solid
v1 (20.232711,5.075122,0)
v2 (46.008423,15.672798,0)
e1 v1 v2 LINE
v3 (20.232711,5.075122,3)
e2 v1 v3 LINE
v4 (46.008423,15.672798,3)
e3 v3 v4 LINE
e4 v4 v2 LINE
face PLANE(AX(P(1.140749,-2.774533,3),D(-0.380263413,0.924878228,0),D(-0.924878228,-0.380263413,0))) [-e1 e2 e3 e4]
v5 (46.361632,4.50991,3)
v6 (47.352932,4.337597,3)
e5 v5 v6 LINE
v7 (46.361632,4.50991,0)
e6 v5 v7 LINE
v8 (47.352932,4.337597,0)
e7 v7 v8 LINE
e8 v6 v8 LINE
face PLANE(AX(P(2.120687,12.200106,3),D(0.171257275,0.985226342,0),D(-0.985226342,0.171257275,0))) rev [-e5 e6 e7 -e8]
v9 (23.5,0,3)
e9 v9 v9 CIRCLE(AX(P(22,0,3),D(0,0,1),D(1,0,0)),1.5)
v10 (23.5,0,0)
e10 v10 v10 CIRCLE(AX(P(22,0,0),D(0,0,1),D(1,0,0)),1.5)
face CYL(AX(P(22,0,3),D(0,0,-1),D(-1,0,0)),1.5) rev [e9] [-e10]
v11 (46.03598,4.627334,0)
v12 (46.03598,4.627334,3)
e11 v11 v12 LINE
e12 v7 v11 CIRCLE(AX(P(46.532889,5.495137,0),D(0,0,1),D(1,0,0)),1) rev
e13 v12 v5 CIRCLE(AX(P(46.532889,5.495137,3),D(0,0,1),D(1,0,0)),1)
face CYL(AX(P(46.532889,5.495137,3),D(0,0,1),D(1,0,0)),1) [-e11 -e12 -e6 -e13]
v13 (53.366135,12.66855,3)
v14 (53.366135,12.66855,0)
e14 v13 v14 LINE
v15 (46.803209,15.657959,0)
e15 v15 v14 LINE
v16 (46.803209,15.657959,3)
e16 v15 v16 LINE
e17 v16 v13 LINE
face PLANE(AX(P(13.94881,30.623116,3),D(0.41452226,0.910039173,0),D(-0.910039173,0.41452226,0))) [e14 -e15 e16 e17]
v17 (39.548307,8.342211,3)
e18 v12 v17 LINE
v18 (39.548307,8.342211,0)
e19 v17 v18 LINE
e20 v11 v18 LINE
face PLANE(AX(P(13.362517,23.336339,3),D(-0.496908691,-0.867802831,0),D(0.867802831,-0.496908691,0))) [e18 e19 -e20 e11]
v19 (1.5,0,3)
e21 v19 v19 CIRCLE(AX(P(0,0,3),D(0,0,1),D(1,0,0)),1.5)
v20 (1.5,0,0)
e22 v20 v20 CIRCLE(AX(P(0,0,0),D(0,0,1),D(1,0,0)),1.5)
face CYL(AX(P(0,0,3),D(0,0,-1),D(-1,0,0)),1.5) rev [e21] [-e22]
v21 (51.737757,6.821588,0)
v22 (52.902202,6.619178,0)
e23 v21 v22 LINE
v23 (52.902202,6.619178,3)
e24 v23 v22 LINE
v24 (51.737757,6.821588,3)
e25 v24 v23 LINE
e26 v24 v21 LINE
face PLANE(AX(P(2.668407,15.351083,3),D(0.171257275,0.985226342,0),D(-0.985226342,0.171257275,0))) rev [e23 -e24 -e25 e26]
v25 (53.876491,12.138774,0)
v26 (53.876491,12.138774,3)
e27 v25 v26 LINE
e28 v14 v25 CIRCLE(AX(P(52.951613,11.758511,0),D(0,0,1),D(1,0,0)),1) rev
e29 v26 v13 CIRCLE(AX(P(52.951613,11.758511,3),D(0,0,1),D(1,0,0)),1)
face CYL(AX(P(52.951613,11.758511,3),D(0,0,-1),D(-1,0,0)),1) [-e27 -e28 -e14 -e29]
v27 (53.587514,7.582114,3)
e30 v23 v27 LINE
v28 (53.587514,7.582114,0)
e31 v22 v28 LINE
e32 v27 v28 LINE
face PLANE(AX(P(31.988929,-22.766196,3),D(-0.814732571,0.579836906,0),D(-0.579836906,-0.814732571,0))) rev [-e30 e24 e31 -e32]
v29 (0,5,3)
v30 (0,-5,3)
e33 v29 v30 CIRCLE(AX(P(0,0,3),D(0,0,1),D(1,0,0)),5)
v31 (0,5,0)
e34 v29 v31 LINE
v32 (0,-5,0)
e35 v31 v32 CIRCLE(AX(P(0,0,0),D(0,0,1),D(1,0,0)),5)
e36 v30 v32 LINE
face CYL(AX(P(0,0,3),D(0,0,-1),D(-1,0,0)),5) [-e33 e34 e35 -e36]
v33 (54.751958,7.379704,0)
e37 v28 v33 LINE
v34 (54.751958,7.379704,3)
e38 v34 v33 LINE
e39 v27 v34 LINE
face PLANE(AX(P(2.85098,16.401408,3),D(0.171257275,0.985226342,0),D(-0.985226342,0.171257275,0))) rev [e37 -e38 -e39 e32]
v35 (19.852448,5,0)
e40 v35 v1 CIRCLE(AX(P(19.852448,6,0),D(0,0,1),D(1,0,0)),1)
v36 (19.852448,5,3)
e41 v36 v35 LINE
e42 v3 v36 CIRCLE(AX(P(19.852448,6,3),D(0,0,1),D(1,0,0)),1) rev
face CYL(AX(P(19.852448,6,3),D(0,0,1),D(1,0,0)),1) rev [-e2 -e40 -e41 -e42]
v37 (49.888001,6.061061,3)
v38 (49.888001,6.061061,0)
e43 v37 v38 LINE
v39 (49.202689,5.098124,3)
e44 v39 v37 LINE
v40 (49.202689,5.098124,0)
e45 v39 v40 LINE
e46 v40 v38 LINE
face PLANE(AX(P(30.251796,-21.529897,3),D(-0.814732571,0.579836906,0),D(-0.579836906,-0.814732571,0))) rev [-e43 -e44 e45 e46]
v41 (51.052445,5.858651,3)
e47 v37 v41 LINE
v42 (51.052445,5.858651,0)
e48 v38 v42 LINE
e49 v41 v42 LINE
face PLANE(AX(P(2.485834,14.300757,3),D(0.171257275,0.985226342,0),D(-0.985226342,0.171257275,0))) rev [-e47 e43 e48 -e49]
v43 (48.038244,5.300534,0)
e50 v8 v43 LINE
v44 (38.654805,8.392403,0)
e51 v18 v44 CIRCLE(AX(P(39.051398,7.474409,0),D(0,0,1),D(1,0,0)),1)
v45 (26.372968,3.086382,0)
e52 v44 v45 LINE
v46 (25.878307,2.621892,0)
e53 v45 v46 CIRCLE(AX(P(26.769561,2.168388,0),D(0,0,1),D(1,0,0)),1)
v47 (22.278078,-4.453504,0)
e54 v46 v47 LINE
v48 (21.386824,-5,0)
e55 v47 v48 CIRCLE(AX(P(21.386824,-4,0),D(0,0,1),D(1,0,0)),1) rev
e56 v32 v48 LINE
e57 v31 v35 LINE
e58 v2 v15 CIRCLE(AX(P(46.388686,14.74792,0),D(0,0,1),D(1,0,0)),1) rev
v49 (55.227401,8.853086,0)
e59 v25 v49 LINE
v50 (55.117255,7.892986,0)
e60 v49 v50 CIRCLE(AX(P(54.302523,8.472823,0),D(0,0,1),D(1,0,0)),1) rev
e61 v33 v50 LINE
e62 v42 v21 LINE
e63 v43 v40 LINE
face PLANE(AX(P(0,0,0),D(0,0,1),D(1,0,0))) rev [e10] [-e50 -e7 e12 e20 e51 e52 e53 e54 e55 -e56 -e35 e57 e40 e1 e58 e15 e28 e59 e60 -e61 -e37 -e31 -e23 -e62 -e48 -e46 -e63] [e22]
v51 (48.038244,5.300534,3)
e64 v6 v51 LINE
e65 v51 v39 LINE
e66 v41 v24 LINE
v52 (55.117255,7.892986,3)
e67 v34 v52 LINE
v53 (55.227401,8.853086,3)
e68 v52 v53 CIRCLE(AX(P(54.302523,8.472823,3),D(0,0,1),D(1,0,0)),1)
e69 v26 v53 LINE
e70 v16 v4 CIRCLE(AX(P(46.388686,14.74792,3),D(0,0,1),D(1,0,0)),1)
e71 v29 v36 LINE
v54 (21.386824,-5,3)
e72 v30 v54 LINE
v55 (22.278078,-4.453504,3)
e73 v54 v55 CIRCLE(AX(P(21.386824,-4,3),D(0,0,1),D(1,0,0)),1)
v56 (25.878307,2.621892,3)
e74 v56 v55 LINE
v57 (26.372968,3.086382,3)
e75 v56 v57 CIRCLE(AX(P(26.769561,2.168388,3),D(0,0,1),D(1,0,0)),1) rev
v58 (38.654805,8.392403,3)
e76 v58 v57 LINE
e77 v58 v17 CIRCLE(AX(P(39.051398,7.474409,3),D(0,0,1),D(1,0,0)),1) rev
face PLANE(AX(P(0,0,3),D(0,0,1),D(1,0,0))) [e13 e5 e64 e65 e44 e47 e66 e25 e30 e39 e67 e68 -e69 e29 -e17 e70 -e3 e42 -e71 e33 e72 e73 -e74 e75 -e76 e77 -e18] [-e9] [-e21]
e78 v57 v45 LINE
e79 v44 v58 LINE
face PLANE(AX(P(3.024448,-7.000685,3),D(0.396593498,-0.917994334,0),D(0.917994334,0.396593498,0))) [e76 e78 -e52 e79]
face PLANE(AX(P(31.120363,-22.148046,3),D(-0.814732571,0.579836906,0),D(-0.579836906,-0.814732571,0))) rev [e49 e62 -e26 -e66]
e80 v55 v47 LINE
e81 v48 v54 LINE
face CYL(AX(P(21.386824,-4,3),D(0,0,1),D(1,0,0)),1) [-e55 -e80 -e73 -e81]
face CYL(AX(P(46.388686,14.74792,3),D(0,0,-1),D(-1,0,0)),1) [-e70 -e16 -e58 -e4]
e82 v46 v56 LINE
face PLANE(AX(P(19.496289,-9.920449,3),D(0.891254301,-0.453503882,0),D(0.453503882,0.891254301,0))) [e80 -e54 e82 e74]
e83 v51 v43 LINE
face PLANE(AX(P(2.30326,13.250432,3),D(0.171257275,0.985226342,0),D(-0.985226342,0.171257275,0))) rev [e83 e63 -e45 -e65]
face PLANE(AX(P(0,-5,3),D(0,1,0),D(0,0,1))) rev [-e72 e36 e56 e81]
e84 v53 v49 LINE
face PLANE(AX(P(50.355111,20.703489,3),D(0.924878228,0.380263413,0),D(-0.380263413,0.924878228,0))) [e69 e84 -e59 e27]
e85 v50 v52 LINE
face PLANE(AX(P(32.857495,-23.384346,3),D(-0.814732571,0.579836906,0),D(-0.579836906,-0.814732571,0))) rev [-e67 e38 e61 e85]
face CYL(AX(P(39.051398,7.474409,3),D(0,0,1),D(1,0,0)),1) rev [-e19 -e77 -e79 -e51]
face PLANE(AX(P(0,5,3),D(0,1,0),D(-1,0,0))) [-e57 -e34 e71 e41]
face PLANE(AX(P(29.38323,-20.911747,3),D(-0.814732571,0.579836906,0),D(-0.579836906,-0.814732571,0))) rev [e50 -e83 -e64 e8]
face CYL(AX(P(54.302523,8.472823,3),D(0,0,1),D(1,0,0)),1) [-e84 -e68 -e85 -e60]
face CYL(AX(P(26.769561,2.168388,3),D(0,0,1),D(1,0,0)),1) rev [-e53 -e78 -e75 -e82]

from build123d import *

# Parameters (mm, degrees)
SKETCH2_R           = 1.5
BOSS_EXTRUDE1_DEPTH = 3
FILLET1_R           = 1


with BuildPart() as part:
    # Sketch2 → Boss-Extrude1 (new body)
    with BuildSketch(Plane.XY):
        with BuildLine():
            Line((20.05, 5), (0, 5))
            ThreePointArc((0, 5), (-5, 0), (0, -5))
            Line((0, -5), (22, -5))
            Line((22, -5), (26.041872856, 2.943342287))
            Line((26.041872856, 2.943342287), (39.11411217, 8.590833705))
            Line((39.11411217, 8.590833705), (46.188488025, 4.540007042))
            Line((46.188488025, 4.540007042), (47.352932204, 4.337597171))
            Line((47.352932204, 4.337597171), (48.038244482, 5.300533868))
            Line((48.038244482, 5.300533868), (49.20268866, 5.098123997))
            Line((49.20268866, 5.098123997), (49.888000938, 6.061060693))
            Line((49.888000938, 6.061060693), (51.052445116, 5.858650822))
            Line((51.052445116, 5.858650822), (51.737757394, 6.821587519))
            Line((51.737757394, 6.821587519), (52.902201573, 6.619177648))
            Line((52.902201573, 6.619177648), (53.587513851, 7.582114344))
            Line((53.587513851, 7.582114344), (54.751958029, 7.379704473))
            Line((54.751958029, 7.379704473), (55.437270307, 8.34264117))
            Line((55.437270307, 8.34264117), (53.72608495, 12.504593197))
            Line((53.72608495, 12.504593197), (46.409029503, 15.837507263))
            Line((46.409029503, 15.837507263), (20.05, 5))
        make_face()
        Circle(SKETCH2_R, mode=Mode.SUBTRACT)
        with Locations((22, 0)):
            Circle(SKETCH2_R, mode=Mode.SUBTRACT)
    extrude(amount=BOSS_EXTRUDE1_DEPTH)

    # Fillet1
    fillet1_edges = [part.edges().sort_by_distance(p)[0] for p in [
        (22, -5, 1.5),
        (20.05, 5, 1.5),
        (46.409029503, 15.837507263, 1.5),
        (53.72608495, 12.504593197, 1.5),
        (55.437270307, 8.34264117, 1.5),
        (46.188488025, 4.540007042, 1.5),
        (39.11411217, 8.590833705, 1.5),
        (26.041872856, 2.943342287, 1.5),
    ]]
    fillet(fillet1_edges, radius=FILLET1_R)


solid = part.part
